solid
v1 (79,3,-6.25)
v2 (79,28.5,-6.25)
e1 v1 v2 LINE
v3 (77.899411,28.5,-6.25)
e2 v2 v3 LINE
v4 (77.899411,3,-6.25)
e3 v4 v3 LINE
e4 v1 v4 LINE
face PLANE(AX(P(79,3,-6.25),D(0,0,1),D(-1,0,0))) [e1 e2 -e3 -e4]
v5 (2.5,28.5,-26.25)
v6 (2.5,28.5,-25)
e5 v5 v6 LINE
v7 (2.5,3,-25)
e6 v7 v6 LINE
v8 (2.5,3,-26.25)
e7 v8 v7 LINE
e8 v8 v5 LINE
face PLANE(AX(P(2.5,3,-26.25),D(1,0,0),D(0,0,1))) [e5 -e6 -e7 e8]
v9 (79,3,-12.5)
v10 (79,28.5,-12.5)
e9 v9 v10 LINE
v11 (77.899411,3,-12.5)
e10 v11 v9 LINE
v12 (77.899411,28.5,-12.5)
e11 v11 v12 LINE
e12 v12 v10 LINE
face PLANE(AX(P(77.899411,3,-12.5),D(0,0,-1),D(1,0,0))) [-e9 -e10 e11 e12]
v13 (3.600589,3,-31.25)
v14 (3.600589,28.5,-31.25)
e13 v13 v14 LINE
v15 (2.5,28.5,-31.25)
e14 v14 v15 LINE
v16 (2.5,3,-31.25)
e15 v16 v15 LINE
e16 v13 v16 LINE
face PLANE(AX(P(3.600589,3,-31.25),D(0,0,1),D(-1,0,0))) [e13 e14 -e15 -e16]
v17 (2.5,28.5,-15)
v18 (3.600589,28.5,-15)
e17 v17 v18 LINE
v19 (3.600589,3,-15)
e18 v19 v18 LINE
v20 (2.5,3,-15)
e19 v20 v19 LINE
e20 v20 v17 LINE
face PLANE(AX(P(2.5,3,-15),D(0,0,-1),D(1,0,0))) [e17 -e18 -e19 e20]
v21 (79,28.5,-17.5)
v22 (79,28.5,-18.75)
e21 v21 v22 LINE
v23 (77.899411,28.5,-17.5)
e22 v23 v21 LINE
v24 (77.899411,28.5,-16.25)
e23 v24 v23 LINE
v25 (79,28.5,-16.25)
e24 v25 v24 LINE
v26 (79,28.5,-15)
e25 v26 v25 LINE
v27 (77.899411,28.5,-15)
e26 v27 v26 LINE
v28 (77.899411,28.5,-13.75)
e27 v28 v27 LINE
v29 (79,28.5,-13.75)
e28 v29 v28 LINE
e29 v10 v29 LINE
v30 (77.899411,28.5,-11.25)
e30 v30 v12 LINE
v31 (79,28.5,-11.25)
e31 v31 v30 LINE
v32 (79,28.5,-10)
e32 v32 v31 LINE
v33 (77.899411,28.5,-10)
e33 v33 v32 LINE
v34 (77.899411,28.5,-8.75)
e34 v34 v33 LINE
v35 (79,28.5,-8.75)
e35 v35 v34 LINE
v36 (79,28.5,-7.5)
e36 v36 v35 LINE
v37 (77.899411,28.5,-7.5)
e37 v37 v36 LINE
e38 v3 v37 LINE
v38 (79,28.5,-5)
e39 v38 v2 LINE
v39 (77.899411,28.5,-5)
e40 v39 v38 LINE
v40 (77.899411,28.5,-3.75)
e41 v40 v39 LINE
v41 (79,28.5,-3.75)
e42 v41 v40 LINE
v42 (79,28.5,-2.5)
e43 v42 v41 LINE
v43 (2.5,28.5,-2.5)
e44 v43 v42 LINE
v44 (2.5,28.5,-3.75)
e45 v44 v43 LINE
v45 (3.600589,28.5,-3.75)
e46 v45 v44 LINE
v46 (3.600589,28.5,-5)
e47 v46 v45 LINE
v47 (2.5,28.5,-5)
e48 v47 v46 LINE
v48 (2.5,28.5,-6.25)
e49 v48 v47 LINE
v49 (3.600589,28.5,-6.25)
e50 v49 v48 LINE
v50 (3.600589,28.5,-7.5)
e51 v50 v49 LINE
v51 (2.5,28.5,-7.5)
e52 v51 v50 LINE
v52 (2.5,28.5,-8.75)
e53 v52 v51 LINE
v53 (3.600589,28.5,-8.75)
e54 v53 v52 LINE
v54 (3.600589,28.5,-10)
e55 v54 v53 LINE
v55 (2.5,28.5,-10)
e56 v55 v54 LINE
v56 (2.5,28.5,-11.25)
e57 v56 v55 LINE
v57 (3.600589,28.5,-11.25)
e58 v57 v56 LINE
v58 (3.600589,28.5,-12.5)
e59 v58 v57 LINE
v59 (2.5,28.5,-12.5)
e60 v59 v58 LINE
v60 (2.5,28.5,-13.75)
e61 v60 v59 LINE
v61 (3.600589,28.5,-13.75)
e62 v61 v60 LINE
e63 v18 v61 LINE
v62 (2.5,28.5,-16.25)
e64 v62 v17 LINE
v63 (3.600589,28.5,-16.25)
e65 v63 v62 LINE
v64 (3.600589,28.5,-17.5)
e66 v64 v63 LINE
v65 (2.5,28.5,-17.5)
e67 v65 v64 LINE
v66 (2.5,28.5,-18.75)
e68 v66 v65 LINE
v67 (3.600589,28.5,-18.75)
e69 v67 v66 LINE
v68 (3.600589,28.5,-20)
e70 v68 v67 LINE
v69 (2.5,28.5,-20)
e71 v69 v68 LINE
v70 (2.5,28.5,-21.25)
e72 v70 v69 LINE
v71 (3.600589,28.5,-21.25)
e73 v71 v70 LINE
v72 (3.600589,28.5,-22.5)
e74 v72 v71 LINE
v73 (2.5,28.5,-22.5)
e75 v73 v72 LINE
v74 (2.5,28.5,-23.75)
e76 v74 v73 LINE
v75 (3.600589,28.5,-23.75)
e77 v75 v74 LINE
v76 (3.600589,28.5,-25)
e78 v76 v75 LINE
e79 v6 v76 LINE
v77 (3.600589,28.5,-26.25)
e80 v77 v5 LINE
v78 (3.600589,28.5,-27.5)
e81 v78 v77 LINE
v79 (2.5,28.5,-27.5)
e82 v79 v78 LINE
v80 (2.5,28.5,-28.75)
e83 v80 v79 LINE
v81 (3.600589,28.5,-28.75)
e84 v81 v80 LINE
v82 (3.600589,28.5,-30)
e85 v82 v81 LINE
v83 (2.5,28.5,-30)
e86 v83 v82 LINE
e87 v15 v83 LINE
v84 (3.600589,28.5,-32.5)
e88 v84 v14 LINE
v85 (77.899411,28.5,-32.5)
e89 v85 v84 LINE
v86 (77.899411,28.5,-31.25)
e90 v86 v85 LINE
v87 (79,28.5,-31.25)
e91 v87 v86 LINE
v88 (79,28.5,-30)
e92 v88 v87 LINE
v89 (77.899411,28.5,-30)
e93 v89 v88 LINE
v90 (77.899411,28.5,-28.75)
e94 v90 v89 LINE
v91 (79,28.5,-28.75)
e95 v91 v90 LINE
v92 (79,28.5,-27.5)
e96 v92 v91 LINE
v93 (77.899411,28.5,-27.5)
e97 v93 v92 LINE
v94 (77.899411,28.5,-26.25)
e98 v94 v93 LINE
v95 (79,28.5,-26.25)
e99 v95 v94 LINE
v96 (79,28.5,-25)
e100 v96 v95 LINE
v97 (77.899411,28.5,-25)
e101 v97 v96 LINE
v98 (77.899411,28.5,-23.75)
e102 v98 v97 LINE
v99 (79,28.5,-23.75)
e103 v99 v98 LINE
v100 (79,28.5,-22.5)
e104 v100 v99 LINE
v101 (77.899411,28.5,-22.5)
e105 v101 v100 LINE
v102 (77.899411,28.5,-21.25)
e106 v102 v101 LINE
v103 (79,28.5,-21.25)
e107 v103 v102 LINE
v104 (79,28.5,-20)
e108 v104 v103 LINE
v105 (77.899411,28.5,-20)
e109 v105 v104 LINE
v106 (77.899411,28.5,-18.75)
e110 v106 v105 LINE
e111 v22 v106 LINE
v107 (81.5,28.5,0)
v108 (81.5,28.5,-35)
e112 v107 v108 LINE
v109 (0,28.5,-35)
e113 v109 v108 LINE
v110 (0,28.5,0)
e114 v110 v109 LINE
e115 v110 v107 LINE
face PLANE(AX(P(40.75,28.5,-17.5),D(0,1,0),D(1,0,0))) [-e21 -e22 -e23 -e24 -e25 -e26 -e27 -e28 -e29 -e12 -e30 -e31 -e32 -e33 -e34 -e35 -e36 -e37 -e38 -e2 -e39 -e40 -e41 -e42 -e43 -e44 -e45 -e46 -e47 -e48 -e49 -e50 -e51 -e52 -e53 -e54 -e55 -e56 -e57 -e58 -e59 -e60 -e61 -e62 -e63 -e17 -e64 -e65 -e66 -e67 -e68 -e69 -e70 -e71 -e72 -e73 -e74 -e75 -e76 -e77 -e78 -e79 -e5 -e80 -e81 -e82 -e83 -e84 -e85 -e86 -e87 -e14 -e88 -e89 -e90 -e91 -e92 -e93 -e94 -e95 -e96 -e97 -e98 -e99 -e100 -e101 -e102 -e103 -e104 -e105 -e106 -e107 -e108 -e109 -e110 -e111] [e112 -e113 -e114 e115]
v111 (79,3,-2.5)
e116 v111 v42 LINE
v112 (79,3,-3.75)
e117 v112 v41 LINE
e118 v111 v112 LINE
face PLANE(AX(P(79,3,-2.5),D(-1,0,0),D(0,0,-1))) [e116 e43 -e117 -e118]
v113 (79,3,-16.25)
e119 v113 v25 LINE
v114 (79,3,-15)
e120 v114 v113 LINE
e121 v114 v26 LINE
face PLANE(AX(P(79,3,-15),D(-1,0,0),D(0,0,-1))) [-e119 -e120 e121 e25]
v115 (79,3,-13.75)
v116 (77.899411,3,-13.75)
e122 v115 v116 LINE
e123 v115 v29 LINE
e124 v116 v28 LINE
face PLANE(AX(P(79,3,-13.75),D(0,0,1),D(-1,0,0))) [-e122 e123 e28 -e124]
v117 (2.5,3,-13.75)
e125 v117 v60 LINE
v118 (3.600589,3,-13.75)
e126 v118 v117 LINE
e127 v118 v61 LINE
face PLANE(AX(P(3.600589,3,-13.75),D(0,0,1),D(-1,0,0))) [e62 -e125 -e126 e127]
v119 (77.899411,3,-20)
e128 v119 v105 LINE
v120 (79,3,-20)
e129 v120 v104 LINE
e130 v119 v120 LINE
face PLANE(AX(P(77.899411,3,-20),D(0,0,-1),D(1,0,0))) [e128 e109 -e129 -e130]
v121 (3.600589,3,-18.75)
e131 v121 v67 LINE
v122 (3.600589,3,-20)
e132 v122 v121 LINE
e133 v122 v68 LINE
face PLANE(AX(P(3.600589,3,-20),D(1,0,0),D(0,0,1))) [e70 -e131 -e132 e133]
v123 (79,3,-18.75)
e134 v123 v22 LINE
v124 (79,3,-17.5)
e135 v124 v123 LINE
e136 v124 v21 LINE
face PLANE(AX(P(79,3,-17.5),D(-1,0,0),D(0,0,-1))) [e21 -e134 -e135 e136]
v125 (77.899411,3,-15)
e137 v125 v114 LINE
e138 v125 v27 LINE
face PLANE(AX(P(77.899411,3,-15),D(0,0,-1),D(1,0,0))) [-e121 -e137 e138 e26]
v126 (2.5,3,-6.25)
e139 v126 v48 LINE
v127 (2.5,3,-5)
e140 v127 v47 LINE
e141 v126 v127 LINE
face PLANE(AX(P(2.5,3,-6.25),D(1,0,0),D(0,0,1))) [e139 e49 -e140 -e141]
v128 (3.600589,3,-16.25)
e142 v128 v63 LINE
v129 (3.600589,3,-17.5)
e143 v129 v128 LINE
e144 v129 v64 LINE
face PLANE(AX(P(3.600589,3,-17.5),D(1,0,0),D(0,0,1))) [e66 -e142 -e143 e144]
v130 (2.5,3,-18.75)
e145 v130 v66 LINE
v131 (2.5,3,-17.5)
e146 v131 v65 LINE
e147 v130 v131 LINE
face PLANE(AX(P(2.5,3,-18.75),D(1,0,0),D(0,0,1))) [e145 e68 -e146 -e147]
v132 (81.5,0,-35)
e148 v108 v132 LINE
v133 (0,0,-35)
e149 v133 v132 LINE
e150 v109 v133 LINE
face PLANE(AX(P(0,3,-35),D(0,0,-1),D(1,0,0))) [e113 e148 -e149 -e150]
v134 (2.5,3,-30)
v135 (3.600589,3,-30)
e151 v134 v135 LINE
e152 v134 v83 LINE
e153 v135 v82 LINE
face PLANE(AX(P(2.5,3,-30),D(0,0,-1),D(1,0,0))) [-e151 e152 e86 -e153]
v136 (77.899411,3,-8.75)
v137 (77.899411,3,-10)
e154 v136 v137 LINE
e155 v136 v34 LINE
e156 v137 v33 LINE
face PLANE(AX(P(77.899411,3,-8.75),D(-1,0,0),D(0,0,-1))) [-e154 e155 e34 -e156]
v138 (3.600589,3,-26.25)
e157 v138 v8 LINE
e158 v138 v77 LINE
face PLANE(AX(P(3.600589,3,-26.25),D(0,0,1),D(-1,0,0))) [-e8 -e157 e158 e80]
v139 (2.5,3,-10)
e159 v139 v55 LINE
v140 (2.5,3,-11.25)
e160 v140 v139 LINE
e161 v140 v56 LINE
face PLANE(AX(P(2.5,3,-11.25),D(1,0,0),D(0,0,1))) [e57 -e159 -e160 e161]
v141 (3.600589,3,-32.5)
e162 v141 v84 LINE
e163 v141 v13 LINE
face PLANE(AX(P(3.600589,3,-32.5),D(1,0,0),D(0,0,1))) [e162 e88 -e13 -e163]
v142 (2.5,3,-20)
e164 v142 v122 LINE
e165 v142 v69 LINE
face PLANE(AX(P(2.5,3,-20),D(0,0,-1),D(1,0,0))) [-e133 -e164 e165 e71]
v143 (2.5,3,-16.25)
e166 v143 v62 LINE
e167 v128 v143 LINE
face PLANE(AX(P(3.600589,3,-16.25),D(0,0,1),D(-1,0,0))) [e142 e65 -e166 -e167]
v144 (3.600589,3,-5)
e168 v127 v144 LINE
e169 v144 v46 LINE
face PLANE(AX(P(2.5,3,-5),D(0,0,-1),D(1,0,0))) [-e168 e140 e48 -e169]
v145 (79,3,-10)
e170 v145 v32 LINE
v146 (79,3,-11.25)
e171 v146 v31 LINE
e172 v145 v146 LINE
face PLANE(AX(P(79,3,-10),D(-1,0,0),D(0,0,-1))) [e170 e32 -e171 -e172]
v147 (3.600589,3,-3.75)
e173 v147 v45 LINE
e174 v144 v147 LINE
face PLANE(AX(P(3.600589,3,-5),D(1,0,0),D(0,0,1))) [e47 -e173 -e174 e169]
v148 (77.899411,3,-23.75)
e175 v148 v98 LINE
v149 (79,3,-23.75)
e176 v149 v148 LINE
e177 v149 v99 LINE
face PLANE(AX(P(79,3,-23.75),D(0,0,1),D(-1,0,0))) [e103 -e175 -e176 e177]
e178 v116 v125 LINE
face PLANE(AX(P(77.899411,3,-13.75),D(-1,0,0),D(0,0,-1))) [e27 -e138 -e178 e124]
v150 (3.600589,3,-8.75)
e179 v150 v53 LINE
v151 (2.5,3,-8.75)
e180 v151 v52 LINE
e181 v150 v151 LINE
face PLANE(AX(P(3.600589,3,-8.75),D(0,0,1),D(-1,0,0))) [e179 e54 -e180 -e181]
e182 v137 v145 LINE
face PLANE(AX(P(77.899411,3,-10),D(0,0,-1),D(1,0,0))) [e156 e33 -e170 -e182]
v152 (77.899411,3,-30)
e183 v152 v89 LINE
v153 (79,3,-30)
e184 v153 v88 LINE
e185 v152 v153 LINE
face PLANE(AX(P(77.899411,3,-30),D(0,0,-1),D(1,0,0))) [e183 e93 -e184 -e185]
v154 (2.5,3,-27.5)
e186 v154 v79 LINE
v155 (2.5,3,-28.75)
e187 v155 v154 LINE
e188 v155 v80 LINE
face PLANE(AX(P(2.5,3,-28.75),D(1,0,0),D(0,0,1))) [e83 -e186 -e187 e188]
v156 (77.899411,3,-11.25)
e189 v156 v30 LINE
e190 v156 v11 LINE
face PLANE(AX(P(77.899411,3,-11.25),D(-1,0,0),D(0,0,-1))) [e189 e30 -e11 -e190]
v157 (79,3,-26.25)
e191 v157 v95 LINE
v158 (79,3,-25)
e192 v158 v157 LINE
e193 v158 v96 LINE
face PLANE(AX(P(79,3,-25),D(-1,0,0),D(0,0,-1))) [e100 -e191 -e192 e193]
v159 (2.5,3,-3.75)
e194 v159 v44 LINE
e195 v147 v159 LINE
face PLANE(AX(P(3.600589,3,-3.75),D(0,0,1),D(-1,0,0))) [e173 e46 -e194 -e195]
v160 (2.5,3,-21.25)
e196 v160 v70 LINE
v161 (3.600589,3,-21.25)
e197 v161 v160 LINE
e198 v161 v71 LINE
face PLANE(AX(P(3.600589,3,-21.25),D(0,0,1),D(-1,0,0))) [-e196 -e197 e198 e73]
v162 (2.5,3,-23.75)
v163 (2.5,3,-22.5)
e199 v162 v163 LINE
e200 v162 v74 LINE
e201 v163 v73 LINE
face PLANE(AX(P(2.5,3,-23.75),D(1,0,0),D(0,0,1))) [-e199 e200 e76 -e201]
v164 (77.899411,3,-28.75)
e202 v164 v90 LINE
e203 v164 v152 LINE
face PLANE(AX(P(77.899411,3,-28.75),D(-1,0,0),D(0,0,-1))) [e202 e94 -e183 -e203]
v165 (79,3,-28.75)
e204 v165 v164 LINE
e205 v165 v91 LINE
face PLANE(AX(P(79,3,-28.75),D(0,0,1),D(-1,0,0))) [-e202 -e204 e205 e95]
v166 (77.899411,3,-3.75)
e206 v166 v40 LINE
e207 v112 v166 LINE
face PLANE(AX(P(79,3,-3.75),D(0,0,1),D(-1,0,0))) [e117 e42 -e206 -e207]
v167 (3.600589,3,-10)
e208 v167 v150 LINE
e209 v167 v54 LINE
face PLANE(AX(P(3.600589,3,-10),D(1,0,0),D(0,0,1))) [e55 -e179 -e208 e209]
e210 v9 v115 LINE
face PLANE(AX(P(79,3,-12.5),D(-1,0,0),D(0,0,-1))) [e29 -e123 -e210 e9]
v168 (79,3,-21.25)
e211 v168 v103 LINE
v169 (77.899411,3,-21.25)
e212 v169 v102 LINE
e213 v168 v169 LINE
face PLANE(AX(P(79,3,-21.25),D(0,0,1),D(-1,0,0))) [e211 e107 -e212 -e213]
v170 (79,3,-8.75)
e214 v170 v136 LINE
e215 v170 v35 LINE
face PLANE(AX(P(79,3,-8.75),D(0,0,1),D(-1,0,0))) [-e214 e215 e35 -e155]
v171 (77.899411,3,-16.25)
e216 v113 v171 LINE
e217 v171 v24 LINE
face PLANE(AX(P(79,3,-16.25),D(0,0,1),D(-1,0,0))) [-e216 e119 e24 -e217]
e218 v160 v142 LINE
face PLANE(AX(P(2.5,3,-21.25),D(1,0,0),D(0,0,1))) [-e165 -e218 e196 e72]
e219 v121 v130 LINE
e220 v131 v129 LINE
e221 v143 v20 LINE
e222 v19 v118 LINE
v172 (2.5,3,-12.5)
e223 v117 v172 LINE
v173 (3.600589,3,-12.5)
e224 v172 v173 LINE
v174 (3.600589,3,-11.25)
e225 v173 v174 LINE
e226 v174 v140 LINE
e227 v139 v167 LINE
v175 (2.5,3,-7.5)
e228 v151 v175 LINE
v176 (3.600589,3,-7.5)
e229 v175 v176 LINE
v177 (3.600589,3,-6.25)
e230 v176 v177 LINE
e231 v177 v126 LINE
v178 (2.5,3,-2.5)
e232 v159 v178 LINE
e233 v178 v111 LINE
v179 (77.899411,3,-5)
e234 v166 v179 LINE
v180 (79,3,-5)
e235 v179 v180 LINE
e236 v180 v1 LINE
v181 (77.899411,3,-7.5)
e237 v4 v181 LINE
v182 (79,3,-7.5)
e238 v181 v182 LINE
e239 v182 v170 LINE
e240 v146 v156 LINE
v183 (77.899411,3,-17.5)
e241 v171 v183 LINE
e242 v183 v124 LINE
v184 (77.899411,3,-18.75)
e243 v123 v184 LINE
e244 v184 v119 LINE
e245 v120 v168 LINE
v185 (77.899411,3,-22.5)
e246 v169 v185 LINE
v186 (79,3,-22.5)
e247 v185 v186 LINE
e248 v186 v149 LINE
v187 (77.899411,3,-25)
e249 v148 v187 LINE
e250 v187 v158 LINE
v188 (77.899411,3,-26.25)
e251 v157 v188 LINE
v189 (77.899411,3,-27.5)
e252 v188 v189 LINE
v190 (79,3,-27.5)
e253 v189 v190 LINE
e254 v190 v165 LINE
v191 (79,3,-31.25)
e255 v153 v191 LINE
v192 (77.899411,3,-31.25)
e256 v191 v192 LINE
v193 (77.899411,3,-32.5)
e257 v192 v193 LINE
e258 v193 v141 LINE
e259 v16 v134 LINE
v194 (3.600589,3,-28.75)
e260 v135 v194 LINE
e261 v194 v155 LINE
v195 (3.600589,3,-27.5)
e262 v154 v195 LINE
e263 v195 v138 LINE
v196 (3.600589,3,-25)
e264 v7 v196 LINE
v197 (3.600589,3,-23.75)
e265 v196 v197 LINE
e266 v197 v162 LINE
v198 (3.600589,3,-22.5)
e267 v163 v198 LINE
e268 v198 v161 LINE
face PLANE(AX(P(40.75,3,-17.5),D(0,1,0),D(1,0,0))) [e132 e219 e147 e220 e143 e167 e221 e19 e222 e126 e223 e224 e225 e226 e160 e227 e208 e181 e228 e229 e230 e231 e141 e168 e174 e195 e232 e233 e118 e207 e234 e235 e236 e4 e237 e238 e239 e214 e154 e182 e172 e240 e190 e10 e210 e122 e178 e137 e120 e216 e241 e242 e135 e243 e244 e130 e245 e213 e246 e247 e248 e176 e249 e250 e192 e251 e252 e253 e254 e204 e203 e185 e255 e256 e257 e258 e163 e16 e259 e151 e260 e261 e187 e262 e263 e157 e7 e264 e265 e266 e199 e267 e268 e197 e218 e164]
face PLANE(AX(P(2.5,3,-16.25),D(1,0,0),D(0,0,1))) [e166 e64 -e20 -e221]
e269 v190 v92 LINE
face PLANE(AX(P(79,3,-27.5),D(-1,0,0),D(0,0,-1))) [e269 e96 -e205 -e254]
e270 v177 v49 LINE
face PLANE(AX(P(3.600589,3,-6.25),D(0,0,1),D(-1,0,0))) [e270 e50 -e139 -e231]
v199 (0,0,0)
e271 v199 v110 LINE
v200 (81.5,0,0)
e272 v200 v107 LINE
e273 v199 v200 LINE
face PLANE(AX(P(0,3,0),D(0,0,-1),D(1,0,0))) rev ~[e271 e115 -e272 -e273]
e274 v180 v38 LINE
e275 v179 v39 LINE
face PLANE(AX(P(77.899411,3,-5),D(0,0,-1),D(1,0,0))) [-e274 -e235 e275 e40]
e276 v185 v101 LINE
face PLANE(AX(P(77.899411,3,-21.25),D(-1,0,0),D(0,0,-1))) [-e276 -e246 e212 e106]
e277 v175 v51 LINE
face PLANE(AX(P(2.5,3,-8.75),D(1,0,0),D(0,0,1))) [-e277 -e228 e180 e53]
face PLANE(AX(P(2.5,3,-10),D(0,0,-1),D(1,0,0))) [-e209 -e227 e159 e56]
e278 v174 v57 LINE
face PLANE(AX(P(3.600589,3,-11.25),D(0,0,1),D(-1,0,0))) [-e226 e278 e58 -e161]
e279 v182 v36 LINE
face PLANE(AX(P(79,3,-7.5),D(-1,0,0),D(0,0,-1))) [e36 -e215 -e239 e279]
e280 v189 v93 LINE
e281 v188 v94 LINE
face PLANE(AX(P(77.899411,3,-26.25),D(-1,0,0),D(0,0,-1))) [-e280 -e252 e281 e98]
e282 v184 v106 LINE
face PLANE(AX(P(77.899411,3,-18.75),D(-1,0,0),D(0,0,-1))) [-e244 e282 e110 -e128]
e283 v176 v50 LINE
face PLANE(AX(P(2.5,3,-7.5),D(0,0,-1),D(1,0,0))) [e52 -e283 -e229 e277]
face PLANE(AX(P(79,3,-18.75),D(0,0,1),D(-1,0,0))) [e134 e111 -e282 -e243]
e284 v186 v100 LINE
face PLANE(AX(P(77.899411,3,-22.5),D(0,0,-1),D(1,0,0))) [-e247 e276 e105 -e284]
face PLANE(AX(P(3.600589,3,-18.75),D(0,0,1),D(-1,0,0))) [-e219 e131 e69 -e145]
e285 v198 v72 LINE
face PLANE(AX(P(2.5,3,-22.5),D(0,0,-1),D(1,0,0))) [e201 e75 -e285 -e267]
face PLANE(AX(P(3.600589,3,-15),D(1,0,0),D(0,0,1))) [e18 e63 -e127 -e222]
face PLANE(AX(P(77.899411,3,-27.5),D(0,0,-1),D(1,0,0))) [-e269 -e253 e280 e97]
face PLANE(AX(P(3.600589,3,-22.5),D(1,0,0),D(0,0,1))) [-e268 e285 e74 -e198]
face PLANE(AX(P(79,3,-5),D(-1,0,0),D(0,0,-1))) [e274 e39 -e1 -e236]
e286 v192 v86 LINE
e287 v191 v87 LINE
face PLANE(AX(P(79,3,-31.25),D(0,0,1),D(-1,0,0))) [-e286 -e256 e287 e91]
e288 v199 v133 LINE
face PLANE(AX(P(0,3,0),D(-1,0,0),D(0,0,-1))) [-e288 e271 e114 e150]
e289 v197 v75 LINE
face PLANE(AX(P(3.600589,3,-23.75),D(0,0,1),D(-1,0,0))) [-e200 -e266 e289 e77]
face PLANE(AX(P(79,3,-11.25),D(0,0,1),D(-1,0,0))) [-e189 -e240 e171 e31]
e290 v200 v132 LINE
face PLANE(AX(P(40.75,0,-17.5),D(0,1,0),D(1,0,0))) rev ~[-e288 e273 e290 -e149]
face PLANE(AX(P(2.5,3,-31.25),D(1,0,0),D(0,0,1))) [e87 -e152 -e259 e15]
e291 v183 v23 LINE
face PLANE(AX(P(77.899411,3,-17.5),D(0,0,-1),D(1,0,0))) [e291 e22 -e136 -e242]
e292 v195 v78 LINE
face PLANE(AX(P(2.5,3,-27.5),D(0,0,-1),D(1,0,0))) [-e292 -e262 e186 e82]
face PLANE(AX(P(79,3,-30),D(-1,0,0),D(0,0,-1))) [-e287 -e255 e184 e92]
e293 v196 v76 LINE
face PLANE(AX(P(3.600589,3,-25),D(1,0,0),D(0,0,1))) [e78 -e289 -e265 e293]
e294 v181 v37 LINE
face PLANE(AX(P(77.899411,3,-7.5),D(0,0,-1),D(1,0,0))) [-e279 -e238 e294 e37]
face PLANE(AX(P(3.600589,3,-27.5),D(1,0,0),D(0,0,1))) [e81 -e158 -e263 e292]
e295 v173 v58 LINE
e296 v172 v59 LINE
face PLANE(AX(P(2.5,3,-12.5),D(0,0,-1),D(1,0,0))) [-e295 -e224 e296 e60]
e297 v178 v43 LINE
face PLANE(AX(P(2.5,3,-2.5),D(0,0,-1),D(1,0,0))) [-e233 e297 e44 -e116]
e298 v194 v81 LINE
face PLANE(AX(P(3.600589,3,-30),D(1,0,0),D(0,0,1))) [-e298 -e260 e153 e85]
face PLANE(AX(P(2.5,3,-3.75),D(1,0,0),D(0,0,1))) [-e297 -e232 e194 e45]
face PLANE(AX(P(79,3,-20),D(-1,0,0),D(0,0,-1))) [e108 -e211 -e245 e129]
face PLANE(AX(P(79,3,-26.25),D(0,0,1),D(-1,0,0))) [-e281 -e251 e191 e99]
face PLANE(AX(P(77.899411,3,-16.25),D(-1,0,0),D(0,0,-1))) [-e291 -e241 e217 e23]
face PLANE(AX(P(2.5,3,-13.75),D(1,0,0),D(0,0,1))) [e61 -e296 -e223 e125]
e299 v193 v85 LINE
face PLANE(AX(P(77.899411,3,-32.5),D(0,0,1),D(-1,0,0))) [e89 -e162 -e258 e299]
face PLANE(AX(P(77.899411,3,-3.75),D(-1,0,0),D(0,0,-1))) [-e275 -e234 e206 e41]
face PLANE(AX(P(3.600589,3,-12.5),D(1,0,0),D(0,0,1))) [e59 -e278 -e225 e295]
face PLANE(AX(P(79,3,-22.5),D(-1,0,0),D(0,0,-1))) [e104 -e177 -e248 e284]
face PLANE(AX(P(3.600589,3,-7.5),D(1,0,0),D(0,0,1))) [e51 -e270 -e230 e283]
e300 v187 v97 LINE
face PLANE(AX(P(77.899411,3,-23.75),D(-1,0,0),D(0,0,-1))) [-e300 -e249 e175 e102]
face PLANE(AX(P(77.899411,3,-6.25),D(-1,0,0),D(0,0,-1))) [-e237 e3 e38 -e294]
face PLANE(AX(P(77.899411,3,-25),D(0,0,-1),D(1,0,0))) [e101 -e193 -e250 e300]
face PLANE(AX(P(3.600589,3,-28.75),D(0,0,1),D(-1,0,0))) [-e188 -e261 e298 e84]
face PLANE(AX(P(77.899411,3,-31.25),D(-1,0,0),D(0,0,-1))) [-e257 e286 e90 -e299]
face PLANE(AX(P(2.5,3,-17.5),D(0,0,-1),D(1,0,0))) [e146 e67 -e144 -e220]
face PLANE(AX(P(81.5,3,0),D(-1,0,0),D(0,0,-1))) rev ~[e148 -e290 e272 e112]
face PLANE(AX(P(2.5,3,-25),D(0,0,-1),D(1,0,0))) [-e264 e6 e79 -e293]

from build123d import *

# Parameters (mm, degrees)
SKETCH1_W           = 81.5
SKETCH1_H           = 35
BOSS_EXTRUDE1_DEPTH = 3
SKETCH2_W           = 81.5
SKETCH2_H           = 35
BOSS_EXTRUDE2_DEPTH = 25.5


with BuildPart() as part:
    # Sketch1 → Boss-Extrude1 (new body)
    with BuildSketch(Plane(origin=(0, 0, 0), x_dir=(1, 0, 0), z_dir=(0, 1, 0))):
        with Locations((40.75, 17.5)):
            Rectangle(SKETCH1_W, SKETCH1_H)
    extrude(amount=BOSS_EXTRUDE1_DEPTH)

    # Sketch2 → Boss-Extrude2 (add)
    with BuildSketch(Plane(origin=(0, 3, 0), x_dir=(1, 0, 0), z_dir=(0, 1, 0))):
        with Locations((40.75, 17.5)):
            Rectangle(SKETCH2_W, SKETCH2_H)
        Polygon((79, 5), (79, 6.25), (77.899410911, 6.25), (77.899410911, 7.5), (79, 7.5), (79, 8.75), (77.899410911, 8.75), (77.899410911, 10), (79, 10), (79, 11.25), (77.899410911, 11.25), (77.899410911, 12.5), (79, 12.5), (79, 13.75), (77.899410911, 13.75), (77.899410911, 15), (79, 15), (79, 16.25), (77.899410911, 16.25), (77.899410911, 17.5), (79, 17.5), (79, 18.75), (77.899410911, 18.75), (77.899410911, 20), (79, 20), (79, 21.25), (77.899410911, 21.25), (77.899410911, 22.5), (79, 22.5), (79, 23.75), (77.899410911, 23.75), (77.899410911, 25), (79, 25), (79, 26.25), (77.899410911, 26.25), (77.899410911, 27.5), (79, 27.5), (79, 28.75), (77.899410911, 28.75), (77.899410911, 30), (79, 30), (79, 31.25), (77.899410911, 31.25), (77.899410911, 32.5), (3.600589089, 32.5), (3.600589089, 31.25), (2.5, 31.25), (2.5, 30), (3.600589089, 30), (3.600589089, 28.75), (2.5, 28.75), (2.5, 27.5), (3.600589089, 27.5), (3.600589089, 26.25), (2.5, 26.25), (2.5, 25), (3.600589089, 25), (3.600589089, 23.75), (2.5, 23.75), (2.5, 22.5), (3.600589089, 22.5), (3.600589089, 21.25), (2.5, 21.25), (2.5, 20), (3.600589089, 20), (3.600589089, 18.75), (2.5, 18.75), (2.5, 17.5), (3.600589089, 17.5), (3.600589089, 16.25), (2.5, 16.25), (2.5, 15), (3.600589089, 15), (3.600589089, 13.75), (2.5, 13.75), (2.5, 12.5), (3.600589089, 12.5), (3.600589089, 11.25), (2.5, 11.25), (2.5, 10), (3.600589089, 10), (3.600589089, 8.75), (2.5, 8.75), (2.5, 7.5), (3.600589089, 7.5), (3.600589089, 6.25), (2.5, 6.25), (2.5, 5), (3.600589089, 5), (3.600589089, 3.75), (2.5, 3.75), (2.5, 2.5), (79, 2.5), (79, 3.75), (77.899410911, 3.75), (77.899410911, 5), align=None, mode=Mode.SUBTRACT)
    extrude(amount=BOSS_EXTRUDE2_DEPTH)


solid = part.part
